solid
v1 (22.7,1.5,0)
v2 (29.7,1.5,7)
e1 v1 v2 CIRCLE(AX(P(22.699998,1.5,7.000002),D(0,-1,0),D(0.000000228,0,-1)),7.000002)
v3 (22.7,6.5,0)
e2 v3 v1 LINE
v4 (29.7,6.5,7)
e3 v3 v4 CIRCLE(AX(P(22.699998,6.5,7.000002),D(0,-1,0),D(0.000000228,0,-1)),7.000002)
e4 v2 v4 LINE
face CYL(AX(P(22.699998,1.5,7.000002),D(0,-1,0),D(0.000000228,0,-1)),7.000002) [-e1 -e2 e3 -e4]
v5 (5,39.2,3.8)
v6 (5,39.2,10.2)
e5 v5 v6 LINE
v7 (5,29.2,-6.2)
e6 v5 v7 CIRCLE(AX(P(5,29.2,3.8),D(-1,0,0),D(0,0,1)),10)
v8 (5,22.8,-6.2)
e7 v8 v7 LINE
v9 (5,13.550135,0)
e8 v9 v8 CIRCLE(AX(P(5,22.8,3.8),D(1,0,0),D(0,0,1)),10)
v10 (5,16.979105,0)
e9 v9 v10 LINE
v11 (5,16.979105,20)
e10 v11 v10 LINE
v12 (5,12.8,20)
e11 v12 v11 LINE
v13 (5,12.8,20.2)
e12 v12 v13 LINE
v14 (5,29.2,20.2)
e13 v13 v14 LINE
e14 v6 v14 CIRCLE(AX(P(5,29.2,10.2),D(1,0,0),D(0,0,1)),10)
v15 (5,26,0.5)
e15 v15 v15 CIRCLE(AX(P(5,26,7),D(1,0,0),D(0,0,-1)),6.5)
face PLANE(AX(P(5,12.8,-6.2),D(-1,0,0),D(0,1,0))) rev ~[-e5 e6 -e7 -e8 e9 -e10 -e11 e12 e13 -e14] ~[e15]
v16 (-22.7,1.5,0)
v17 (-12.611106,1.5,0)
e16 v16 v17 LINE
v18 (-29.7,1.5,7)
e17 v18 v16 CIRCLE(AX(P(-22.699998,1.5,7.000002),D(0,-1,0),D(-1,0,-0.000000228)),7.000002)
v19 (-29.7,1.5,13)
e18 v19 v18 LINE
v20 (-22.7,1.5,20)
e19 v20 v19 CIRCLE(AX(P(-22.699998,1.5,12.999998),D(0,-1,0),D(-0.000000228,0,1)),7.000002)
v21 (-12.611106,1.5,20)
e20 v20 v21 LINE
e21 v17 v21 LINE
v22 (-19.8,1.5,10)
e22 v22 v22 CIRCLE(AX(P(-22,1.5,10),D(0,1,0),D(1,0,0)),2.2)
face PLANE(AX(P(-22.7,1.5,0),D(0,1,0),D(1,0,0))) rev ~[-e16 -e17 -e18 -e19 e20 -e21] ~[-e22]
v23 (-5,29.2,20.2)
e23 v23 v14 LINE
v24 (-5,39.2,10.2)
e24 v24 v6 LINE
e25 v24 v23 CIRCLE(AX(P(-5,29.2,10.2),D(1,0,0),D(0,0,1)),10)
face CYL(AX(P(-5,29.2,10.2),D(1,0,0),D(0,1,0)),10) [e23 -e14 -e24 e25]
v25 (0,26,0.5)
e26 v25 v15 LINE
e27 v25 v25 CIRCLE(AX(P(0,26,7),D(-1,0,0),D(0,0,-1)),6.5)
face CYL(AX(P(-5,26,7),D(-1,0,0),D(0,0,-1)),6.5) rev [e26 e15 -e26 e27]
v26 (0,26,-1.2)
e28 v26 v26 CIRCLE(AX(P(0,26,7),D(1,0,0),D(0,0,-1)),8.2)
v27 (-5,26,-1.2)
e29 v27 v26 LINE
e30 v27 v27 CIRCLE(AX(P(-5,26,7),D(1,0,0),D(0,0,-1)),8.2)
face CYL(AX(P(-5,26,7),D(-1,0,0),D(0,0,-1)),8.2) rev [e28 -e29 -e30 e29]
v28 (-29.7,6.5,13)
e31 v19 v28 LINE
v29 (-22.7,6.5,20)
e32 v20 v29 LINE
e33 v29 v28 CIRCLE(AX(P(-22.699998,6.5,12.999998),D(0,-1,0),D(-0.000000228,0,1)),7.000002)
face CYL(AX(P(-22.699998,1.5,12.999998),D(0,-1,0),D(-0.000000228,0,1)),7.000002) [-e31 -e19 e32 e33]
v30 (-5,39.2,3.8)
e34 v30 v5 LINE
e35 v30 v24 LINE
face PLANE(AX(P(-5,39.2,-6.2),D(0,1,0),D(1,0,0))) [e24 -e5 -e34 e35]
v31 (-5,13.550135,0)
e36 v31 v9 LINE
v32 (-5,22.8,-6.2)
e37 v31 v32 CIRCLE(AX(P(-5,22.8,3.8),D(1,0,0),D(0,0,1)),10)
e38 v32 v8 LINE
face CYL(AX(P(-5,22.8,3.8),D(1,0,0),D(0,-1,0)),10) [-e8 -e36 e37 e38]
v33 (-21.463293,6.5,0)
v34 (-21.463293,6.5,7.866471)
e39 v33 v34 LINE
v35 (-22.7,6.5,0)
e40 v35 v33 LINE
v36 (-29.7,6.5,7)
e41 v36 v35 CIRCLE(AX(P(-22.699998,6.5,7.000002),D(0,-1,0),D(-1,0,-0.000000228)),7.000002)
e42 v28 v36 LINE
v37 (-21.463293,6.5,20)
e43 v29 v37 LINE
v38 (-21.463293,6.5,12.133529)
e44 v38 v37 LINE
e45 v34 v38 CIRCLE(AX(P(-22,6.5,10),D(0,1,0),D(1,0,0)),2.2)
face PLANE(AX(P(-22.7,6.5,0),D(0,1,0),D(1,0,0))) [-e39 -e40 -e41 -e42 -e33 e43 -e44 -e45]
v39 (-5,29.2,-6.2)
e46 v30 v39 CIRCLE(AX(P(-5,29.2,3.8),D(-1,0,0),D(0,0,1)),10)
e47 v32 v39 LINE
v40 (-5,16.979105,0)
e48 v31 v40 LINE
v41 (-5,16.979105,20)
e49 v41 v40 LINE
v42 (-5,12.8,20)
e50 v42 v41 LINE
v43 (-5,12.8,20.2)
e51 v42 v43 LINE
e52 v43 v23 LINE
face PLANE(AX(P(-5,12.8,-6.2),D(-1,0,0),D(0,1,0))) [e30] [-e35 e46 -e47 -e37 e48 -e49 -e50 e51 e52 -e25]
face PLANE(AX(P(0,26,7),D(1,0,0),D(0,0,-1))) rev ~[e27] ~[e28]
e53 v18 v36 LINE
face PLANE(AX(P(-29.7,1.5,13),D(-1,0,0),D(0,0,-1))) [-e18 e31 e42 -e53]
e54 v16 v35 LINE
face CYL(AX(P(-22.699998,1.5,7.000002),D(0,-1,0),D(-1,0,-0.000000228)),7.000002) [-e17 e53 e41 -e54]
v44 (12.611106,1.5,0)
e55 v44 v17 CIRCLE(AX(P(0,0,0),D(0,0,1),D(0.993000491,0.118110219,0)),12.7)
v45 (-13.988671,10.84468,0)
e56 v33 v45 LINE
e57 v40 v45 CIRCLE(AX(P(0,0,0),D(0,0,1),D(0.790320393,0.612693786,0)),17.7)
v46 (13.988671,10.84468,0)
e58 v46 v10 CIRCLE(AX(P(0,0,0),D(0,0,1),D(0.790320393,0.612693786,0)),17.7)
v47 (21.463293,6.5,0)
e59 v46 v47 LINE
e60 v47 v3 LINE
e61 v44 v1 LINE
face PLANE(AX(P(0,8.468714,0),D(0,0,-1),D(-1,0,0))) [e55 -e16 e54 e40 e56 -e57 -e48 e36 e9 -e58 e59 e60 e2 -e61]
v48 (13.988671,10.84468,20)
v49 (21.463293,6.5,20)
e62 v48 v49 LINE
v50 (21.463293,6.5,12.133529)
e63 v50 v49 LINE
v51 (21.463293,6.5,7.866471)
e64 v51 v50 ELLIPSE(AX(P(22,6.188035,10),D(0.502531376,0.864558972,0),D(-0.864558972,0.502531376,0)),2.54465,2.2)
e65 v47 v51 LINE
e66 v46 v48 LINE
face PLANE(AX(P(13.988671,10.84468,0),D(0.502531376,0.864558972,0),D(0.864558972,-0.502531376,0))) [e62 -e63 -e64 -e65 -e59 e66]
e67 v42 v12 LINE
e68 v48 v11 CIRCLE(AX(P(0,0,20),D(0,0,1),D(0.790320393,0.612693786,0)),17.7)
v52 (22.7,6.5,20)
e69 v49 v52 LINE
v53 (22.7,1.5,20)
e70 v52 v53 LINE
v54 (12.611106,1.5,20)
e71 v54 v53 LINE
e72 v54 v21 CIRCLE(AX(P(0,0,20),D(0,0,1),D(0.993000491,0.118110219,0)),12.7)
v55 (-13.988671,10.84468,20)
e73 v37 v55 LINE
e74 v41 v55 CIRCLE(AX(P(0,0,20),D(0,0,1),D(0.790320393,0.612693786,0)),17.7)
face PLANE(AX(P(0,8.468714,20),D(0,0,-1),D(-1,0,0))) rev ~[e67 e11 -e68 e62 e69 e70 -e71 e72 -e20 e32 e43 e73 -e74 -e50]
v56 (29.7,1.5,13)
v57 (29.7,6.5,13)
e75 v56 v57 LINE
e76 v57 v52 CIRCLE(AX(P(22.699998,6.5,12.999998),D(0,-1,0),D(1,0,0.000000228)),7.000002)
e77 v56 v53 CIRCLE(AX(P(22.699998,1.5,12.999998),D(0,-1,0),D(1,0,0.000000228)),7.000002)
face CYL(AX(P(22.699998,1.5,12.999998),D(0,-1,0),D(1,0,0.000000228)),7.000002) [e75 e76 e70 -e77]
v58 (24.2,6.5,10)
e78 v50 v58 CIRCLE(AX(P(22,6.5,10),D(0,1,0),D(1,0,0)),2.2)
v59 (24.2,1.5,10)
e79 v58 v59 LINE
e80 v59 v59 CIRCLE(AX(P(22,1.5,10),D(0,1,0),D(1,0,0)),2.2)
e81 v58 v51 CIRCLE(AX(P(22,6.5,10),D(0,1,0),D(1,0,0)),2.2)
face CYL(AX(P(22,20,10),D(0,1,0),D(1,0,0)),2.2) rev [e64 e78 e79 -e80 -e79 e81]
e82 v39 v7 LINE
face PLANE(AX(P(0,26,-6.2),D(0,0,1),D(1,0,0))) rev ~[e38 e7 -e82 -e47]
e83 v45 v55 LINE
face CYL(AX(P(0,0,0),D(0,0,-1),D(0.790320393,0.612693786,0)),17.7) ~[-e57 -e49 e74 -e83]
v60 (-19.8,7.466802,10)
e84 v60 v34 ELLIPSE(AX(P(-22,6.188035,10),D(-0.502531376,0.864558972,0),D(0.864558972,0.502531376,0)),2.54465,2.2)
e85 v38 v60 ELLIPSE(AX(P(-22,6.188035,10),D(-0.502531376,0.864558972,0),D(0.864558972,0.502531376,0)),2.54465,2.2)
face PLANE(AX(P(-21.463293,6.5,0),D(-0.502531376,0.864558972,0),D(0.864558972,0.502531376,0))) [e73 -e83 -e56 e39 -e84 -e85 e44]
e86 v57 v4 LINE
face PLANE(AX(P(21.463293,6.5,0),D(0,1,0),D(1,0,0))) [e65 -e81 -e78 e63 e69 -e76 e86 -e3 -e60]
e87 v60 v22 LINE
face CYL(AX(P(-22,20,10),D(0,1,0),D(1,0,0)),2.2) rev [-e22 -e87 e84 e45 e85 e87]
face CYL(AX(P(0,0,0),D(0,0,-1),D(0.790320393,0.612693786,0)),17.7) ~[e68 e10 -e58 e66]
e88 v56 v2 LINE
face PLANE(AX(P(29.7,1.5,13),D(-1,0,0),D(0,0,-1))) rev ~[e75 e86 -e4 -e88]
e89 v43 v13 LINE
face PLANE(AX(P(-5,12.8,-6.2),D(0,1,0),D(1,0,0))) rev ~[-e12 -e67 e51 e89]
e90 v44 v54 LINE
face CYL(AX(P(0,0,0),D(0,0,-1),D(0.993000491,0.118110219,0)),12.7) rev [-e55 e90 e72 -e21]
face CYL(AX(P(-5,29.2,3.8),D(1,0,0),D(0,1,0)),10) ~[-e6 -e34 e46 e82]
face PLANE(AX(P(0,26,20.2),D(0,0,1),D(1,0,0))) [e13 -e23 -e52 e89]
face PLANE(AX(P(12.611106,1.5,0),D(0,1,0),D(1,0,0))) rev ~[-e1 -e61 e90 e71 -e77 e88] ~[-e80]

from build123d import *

# Parameters (mm, degrees)
CYLINDER005_R     = 6.5
CYLINDER005_DEPTH = 10
CYLINDER004_R     = 8.2
CYLINDER004_DEPTH = 5
BOX_W             = 10
BOX_H             = 26.4
BOX_DEPTH         = 26.4
FILLET_R          = 10
CYLINDER002_R     = 2.2
CYLINDER002_DEPTH = 20
ARRAY001_X_COUNT  = 2
ARRAY001_X_PITCH  = 44
PAD_DEPTH         = 20
PAD001_DEPTH      = 5


with BuildPart() as bring_holder_hole:
    # Cylinder005 → Cylinder005 (new body)
    with BuildSketch(Plane(origin=(0, 0, 0), x_dir=(0, 0, -1), z_dir=(1, 0, 0))):
        Circle(CYLINDER005_R)
    extrude(amount=CYLINDER005_DEPTH)


with BuildPart() as bring_holder_extract:
    # Cylinder004 → Cylinder004 (new body)
    with BuildSketch(Plane(origin=(0, 0, 0), x_dir=(0, 0, -1), z_dir=(1, 0, 0))):
        Circle(CYLINDER004_R)
    extrude(amount=CYLINDER004_DEPTH)

    # Fusion001: union bring holder hole
    add(bring_holder_hole.part)


with BuildPart() as bring_holder_cut:
    # Box → Box (new body)
    with BuildSketch(Plane(origin=(0, -13.2, -13.2), x_dir=(1, 0, 0), z_dir=(0, 0, 1))):
        with Locations((5, 13.2)):
            Rectangle(BOX_W, BOX_H)
    extrude(amount=BOX_DEPTH)

    # Fillet
    fillet_edges = [bring_holder_cut.edges().sort_by_distance(p)[0] for p in [
        (5, -13.2, -13.2),
        (5, 13.2, -13.2),
        (5, 13.2, 13.2),
    ]]
    fillet(fillet_edges, radius=FILLET_R)

    # Cut023015003: cut bring holder extract
    add(bring_holder_extract.part, mode=Mode.SUBTRACT)


with BuildPart() as bring_holder_cut_1:
    # Cut023015003 placement: moved
    add(bring_holder_cut.part.moved(Location((-5, 26, 7))))


with BuildPart() as bolt_hole_array001:
    # Cylinder002 → Cylinder002 (new body)
    with BuildSketch(Plane.XZ):
        Circle(CYLINDER002_R)
    extrude(amount=CYLINDER002_DEPTH)

    # Array001 X: bolt hole array001 ×2


with BuildPart() as bolt_hole_array001_1:
    add(bolt_hole_array001.part)
    with Locations(*[(i * ARRAY001_X_PITCH, 0, 0) for i in range(1, ARRAY001_X_COUNT)]):
        add(bolt_hole_array001.part)


with BuildPart() as bolt_hole_array001_2:
    # Array001 placement: moved
    add(bolt_hole_array001_1.part.moved(Location((-22, 20, 10))))


with BuildPart() as f_25_mm_16mm_bring_attachment_fusion:
    # Sketch → Pad (new body)
    with BuildSketch(Plane.XY):
        with BuildLine():
            ThreePointArc((12.611106, 1.5), (0, 12.7), (-12.611106, 1.5))
            Line((-22.7, 1.5), (-12.611106, 1.5))
            Line((-22.7, 1.5), (-22.7, 6.5))
            Line((-22.7, 6.5), (-21.463293, 6.5))
            Line((-21.463293, 6.5), (-13.988671, 10.84468))
            ThreePointArc((13.988671, 10.84468), (0, 17.7), (-13.988671, 10.84468))
            Line((13.988671, 10.84468), (21.463293, 6.5))
            Line((21.463293, 6.5), (22.7, 6.5))
            Line((22.7, 6.5), (22.7, 1.5))
            Line((12.611106, 1.5), (22.7, 1.5))
        make_face()
    extrude(amount=PAD_DEPTH)

    # Sketch001 → Pad001 (join)
    with BuildSketch(Plane.XZ.offset(-1.5)):
        with BuildLine():
            Line((-12.611106, 20), (-22.7, 20))
            ThreePointArc((-22.7, 20), (-27.649747, 17.949747), (-29.7, 13))
            Line((-29.7, 13), (-29.7, 7))
            ThreePointArc((-29.7, 7), (-27.649747, 2.050253), (-22.7, 0))
            Line((-12.611106, 0), (-22.7, 0))
            Line((-12.611106, 20), (-12.611106, 0))
        make_face()
        with BuildLine():
            Line((12.611106, 20), (22.7, 20))
            ThreePointArc((29.7, 13), (27.649747, 17.949747), (22.7, 20))
            Line((29.7, 13), (29.7, 7))
            ThreePointArc((22.7, 0), (27.649747, 2.050253), (29.7, 7))
            Line((22.7, 0), (12.611106, 0))
            Line((12.611106, 20), (12.611106, 0))
        make_face()
    extrude(amount=-PAD001_DEPTH)

    # Cut023015002: cut bolt hole array001
    add(bolt_hole_array001_2.part, mode=Mode.SUBTRACT)

    # Fusion002: union bring holder cut
    add(bring_holder_cut_1.part)


solid = f_25_mm_16mm_bring_attachment_fusion.part
